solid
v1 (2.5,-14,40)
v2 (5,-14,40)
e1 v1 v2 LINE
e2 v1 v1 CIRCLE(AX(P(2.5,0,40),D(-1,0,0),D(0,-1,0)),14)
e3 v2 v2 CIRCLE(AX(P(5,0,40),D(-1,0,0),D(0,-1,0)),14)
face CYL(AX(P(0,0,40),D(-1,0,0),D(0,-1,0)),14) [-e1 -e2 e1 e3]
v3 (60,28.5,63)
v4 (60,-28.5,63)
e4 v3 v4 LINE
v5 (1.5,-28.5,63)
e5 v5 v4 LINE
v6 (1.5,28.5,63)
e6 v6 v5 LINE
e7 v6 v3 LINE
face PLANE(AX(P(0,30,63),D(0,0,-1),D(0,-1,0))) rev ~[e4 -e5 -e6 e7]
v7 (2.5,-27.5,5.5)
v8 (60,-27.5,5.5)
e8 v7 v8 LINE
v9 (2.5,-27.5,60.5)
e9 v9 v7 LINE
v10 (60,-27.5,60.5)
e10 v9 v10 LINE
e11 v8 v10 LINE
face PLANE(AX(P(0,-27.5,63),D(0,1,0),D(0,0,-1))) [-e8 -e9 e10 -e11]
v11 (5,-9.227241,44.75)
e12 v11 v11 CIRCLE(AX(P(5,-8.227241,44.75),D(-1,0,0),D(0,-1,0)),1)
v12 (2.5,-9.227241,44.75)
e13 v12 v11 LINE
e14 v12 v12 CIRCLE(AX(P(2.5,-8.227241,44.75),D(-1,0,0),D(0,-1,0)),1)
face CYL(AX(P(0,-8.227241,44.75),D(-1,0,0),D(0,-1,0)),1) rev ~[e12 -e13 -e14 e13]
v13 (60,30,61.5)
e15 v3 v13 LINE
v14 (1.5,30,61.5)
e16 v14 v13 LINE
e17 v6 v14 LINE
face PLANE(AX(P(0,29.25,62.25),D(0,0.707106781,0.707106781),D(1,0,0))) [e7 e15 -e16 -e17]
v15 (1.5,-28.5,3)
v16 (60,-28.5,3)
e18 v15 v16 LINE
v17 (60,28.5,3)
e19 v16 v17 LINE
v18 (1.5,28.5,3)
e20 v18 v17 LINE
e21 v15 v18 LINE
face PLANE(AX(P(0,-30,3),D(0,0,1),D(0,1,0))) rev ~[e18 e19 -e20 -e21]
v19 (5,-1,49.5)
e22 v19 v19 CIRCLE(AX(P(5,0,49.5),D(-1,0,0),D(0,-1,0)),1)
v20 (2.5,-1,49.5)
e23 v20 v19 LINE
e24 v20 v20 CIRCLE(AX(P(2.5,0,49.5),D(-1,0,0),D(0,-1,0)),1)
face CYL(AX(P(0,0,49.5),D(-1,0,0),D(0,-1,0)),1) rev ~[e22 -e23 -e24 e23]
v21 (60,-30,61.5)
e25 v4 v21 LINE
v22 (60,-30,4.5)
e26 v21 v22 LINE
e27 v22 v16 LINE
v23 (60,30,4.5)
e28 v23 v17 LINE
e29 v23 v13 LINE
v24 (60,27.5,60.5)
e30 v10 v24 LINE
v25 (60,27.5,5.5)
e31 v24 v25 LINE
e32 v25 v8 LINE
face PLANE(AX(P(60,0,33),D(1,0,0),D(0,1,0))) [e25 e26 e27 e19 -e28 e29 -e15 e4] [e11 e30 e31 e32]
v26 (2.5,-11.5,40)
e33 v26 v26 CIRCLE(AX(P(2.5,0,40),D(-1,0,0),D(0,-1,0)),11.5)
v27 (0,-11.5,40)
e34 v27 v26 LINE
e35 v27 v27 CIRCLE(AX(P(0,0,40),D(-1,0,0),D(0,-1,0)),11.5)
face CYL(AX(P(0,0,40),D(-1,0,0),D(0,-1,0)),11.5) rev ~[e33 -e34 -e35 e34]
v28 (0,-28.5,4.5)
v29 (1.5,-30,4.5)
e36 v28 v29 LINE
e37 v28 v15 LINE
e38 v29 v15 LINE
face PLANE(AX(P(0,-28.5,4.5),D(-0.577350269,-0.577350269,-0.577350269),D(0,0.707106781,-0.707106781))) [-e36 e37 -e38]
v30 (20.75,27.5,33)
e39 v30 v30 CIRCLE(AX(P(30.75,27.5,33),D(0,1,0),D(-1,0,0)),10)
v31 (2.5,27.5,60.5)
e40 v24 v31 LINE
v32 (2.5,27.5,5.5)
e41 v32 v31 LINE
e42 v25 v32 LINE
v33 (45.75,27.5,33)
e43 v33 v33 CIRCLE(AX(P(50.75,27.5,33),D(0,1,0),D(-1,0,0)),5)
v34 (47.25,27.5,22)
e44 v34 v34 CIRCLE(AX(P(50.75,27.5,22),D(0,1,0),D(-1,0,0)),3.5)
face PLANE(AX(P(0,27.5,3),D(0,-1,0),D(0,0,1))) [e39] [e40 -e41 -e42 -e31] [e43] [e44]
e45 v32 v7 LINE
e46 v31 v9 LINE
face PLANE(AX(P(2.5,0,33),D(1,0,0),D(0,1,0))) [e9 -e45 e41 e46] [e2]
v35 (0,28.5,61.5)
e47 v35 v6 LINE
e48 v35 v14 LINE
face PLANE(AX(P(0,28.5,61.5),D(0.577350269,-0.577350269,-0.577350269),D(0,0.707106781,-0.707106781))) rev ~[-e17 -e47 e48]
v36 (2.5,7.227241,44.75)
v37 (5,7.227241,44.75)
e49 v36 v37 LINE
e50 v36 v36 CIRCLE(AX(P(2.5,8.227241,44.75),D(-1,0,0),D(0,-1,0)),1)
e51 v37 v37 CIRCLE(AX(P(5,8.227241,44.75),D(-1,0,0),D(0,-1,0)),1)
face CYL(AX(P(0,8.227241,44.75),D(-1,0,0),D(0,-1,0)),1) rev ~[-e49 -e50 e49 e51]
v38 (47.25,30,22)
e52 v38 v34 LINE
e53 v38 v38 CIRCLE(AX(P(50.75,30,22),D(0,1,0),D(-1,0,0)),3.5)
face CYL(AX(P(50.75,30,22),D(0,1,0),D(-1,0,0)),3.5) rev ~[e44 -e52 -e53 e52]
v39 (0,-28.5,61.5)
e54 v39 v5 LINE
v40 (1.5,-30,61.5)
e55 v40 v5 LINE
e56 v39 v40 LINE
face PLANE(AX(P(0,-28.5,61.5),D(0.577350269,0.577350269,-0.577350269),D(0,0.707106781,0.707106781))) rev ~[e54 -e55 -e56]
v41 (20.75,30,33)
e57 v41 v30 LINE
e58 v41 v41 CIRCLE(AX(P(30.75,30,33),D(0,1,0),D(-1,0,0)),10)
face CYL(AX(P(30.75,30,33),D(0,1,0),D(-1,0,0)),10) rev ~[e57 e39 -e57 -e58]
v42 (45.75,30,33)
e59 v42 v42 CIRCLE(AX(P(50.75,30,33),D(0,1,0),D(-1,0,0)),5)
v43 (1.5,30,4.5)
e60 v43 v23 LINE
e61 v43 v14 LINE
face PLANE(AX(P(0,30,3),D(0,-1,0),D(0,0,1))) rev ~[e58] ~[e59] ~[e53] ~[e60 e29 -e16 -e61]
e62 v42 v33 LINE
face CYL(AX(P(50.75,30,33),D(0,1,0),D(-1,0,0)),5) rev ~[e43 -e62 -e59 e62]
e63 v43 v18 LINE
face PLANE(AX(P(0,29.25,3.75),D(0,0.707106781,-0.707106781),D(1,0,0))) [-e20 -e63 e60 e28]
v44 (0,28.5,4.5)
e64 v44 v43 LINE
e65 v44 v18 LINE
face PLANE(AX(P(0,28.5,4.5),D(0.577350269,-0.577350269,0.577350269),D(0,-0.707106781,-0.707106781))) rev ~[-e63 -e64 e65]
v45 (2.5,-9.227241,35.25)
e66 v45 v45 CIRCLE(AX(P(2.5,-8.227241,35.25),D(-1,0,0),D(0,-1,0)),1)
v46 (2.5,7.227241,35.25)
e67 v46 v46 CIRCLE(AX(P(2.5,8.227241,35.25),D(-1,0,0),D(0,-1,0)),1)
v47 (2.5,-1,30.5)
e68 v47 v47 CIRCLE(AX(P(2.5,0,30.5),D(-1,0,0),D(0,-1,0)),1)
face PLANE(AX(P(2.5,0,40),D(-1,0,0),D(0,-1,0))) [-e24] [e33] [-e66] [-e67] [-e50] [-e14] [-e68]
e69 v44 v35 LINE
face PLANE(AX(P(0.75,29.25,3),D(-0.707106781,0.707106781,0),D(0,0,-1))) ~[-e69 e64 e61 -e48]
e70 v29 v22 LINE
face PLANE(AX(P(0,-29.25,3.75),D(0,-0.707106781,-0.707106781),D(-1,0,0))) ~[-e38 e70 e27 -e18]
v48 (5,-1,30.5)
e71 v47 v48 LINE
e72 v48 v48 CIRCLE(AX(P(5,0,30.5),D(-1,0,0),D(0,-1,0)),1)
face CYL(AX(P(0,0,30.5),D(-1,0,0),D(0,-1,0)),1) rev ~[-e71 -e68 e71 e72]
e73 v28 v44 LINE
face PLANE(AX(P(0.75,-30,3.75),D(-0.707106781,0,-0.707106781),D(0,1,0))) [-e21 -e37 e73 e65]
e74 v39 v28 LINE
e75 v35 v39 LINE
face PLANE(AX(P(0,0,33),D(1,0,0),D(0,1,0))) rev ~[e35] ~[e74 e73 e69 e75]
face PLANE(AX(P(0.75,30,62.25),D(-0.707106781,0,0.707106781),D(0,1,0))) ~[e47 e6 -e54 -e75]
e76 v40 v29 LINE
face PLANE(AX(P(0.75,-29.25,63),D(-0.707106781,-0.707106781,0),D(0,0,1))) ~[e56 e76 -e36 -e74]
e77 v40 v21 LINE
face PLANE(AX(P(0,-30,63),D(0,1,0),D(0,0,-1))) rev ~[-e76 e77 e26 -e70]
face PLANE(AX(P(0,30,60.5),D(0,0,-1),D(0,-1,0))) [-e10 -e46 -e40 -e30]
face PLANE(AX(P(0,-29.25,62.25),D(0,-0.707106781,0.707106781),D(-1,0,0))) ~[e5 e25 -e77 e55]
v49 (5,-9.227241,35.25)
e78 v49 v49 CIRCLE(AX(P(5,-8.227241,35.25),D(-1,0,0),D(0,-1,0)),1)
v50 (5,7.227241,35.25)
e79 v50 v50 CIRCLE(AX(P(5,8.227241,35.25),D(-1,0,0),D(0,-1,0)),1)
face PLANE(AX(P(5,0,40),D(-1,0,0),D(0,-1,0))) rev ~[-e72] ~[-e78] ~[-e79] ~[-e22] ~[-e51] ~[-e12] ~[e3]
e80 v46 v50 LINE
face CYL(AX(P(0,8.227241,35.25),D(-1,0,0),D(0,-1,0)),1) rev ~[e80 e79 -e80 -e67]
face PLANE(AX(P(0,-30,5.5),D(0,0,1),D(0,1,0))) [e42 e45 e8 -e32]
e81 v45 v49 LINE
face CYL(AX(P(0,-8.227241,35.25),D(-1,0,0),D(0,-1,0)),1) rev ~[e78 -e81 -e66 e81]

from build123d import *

# Parameters (mm, degrees)
F1_DEPTH = 60
F2_R     = 11.5
F3_DEPTH = 2.5
F5_T     = -2.5
F4_R     = 1
F6_DEPTH = 25
F7_SIZE  = 1.5
F8_R     = 3.5
F8_R_2   = 5
F8_R_3   = 10
F9_DEPTH = 3


with BuildPart() as f1:
    # F0 (on Right) → F1 (new body)
    with BuildSketch(Plane.YZ):
        Polygon((30, 63), (-30, 63), (-30, 3), (0, 3), (30, 3), align=None)
    extrude(amount=F1_DEPTH)

    # F2 (on face) → F3 (cut)
    with BuildSketch(Plane(origin=(0, 0, 0), x_dir=(0, -1, 0), z_dir=(-1, 0, 0))):
        with Locations((0, 40)):
            Circle(F2_R)
    extrude(amount=-F3_DEPTH, mode=Mode.SUBTRACT)

    # F5
    f5_openings = [f1.faces().sort_by_distance(p)[0] for p in [
        (60, 0, 33),
    ]]
    offset(amount=F5_T, openings=f5_openings, kind=Kind.INTERSECTION)

    # F4 (on face) → F6 (cut)
    with BuildSketch(Plane(origin=(0, 0, 0), x_dir=(0, -1, 0), z_dir=(-1, 0, 0))):
        with Locations((0, 49.5)):
            Circle(F4_R)
        with Locations((-8.227241336, 44.75)):
            Circle(F4_R)
        with Locations((-8.227241336, 35.25)):
            Circle(F4_R)
        with Locations((0, 30.5)):
            Circle(F4_R)
        with Locations((8.227241336, 35.25)):
            Circle(F4_R)
        with Locations((8.227241336, 44.75)):
            Circle(F4_R)
    extrude(amount=-F6_DEPTH, mode=Mode.SUBTRACT)

    # F7
    f7_edges = [f1.edges().sort_by_distance(p)[0] for p in [
        (30, -30, 63),
        (30, 30, 63),
        (30, 30, 3),
        (30, -30, 3),
        (0, -30, 33),
        (0, 0, 63),
        (0, 30, 33),
        (0, 0, 3),
    ]]
    chamfer(f7_edges, length=F7_SIZE)

    # F8 (on face) → F9 (cut)
    with BuildSketch(Plane(origin=(0, 30, 0), x_dir=(-1, 0, 0), z_dir=(0, 1, 0))):
        with Locations((-50.75, 22)):
            Circle(F8_R)
        with Locations((-50.75, 33)):
            Circle(F8_R_2)
        with Locations((-30.75, 33)):
            Circle(F8_R_3)
    extrude(amount=-F9_DEPTH, mode=Mode.SUBTRACT)


solid = f1.part
